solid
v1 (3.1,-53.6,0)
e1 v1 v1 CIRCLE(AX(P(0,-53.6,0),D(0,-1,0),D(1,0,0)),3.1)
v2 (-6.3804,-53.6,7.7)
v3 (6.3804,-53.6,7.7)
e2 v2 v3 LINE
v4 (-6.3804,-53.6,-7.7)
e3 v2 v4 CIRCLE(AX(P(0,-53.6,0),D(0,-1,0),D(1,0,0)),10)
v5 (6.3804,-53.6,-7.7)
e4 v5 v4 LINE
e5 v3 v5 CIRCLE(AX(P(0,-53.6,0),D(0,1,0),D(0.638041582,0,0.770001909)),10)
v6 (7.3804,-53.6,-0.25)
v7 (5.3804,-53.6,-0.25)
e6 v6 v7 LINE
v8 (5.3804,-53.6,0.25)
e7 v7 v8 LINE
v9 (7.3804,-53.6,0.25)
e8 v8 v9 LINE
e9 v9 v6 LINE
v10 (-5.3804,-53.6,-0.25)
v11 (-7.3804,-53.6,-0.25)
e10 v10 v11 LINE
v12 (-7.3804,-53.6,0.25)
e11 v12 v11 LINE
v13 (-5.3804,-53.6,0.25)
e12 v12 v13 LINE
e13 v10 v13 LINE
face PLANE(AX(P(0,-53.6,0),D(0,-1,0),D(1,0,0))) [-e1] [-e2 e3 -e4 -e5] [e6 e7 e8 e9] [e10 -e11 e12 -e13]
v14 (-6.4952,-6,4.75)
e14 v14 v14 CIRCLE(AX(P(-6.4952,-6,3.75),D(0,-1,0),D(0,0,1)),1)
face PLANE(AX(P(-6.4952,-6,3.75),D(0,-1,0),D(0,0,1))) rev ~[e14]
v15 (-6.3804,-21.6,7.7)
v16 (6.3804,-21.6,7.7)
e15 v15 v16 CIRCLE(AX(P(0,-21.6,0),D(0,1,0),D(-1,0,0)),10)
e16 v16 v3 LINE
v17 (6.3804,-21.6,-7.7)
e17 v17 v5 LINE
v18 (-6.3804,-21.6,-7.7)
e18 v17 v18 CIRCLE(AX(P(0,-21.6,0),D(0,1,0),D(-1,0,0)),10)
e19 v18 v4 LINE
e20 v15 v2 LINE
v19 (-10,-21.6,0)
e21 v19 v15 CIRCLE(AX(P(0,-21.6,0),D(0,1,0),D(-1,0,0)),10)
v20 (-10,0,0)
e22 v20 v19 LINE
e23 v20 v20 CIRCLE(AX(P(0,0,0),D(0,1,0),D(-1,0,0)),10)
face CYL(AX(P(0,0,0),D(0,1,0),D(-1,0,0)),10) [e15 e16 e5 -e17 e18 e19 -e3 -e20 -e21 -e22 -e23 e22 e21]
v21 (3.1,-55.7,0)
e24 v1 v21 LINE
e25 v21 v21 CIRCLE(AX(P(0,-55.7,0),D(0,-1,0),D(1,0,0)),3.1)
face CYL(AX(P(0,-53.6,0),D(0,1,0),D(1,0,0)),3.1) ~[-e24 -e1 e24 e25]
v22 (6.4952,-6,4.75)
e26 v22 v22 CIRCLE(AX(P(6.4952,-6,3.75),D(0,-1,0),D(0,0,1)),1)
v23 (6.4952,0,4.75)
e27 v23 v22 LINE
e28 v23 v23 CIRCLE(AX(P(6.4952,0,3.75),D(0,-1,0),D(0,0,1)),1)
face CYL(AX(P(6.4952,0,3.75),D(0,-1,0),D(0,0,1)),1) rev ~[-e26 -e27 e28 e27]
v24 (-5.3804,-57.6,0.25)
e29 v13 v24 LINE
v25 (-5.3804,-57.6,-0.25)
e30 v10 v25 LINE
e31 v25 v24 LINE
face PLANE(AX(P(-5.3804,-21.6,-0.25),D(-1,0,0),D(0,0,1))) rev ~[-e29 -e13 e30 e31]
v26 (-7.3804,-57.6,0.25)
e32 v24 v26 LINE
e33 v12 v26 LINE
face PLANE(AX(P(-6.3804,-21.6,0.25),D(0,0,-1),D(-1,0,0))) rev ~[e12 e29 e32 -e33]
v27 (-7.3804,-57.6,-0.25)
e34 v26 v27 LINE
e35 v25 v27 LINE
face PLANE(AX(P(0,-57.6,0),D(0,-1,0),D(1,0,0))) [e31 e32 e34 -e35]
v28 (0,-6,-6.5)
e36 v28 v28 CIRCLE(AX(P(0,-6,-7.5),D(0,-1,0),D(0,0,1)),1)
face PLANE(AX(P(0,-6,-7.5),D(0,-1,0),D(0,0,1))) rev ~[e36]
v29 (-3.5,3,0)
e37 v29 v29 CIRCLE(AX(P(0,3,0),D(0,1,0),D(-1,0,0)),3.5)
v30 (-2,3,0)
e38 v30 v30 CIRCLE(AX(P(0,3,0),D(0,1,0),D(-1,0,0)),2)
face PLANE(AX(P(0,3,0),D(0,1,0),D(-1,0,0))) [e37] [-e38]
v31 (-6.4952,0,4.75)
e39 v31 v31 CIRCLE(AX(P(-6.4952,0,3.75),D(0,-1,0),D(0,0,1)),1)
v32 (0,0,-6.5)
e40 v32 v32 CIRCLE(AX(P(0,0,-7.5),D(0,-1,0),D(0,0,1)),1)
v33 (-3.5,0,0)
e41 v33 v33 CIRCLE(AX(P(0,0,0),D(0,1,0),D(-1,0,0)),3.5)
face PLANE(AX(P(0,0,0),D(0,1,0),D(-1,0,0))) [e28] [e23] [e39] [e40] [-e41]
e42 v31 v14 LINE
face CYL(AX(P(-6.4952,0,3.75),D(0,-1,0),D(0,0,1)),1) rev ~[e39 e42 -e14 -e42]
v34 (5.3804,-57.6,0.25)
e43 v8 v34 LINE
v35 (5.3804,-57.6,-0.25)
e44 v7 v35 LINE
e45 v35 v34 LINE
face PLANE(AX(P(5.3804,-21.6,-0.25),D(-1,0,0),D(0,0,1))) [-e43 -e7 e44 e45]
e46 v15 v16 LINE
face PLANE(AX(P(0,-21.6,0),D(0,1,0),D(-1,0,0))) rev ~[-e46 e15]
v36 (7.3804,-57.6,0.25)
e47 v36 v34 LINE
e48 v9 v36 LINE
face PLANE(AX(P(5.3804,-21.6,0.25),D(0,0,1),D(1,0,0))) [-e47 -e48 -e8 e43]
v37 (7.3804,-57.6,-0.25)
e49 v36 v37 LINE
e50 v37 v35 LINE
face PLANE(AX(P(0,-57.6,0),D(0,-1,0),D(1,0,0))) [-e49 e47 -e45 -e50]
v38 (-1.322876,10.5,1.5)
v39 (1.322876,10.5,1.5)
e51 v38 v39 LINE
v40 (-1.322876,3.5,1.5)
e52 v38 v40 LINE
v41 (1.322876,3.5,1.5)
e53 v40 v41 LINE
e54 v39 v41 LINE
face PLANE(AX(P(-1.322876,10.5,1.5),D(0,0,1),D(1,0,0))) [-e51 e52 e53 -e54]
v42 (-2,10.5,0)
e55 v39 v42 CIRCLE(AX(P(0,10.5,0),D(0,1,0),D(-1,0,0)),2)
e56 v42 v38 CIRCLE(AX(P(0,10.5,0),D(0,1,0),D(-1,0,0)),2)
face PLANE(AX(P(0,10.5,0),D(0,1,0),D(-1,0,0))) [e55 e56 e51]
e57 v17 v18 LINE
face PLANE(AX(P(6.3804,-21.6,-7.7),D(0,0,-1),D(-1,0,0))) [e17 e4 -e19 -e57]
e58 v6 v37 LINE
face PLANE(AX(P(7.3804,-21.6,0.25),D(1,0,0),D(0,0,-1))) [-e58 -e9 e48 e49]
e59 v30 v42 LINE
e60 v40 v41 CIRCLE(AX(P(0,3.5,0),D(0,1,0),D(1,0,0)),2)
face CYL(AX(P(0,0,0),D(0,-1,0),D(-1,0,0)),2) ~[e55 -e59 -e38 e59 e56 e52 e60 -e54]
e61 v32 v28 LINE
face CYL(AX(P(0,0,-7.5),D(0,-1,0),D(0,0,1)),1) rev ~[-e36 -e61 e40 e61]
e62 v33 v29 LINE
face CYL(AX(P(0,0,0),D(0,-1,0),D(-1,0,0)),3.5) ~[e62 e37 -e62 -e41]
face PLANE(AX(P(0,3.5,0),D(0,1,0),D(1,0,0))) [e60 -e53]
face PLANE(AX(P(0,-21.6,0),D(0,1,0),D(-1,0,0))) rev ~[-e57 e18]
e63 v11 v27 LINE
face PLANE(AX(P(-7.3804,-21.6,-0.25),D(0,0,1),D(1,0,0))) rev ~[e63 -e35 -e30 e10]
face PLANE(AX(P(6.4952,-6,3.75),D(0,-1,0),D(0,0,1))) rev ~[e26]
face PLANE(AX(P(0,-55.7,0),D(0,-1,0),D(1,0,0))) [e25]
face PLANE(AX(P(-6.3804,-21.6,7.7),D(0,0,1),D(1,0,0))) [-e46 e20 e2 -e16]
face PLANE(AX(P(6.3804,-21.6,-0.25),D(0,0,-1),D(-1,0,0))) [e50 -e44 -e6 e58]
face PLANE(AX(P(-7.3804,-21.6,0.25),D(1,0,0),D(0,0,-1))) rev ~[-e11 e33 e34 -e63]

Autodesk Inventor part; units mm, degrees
ref_plane "YZ Plane" through (0, 0, 0) normal (1, 0, 0) x (0, 1, 0)
ref_plane "XZ Plane" through (0, 0, 0) normal (0, 1, 0) x (-1, 0, 0)
ref_plane "XY Plane" through (0, 0, 0) normal (0, 0, 1) x (1, 0, 0)
sketch "Эскиз1" plane through (0, 0, 0) normal (0, 1, 0) x (-1, 0, 0)
  circle A0 centre (0, 0) radius 10
  circle A1 centre (0, 0) radius 3.5
  circle A2 centre (0, 0) radius 2
  dimension "d0" = 20
  dimension "d1" = 7
  dimension "d2" = 4
extrude "Выдавливание1" add sketch "Эскиз1" against normal blind 21.6 contours A0 | A1 | A2
extrude "Выдавливание2" add sketch "Эскиз1" along normal blind 3 contours A1
extrude "Выдавливание3" add sketch "Эскиз1" along normal blind 10.5 contours A2
sketch "Эскиз2" plane through (0, 10.5, 0) normal (0, 1, 0) x (1, 0, 0)
  circle A0 centre (0, 0) radius 2 projected
  circle A1 centre (0, 0) radius 2 projected
  circle A2 centre (0, 0) radius 3.5 projected
  line L0 (-3.1623, -1.5) -> (3.1623, -1.5)
  point P0 (0, 2)
  point P1 (0, 3.5)
  point P2 (1.3229, -1.5)
  point P3 (-1.3229, -1.5)
  dimension "d9" = 1.5
extrude "Выдавливание4" cut sketch "Эскиз2" against normal blind 7 contours L0 A0 picked at (0.3089, -1.5908)
sketch "Эскиз3" plane through (0, -21.6, 0) normal (0, -1, 0) x (1, 0, 0)
  line L0 (6.3804, -7.7) -> (-6.3804, -7.7)
  line L1 (-6.3804, -7.7) -> (-6.3804, 7.7)
  line L2 (-6.3804, 7.7) -> (6.3804, 7.7)
  line L3 (6.3804, 7.7) -> (6.3804, -7.7)
  circle A0 centre (0, 0) radius 10 projected
  arc A1 (6.3804, -7.7) -> (6.3804, 7.7) centre (0, 0) ccw
  arc A2 (-6.3804, 7.7) -> (-6.3804, -7.7) centre (0, 0) ccw
  line L4 (5.3804, 0.25) -> (7.3804, 0.25)
  line L5 (7.3804, 0.25) -> (7.3804, -0.25)
  line L6 (7.3804, -0.25) -> (5.3804, -0.25)
  line L7 (5.3804, -0.25) -> (5.3804, 0.25)
  line L8 (5.3804, 0.25) -> (7.3804, -0.25) construction
  line L9 (0, -7.7) -> (0, 7.7) construction
  line L10 (-5.3804, 0.25) -> (-7.3804, 0.25)
  line L11 (-7.3804, 0.25) -> (-7.3804, -0.25)
  line L12 (-7.3804, -0.25) -> (-5.3804, -0.25)
  line L13 (-5.3804, -0.25) -> (-5.3804, 0.25)
  point P0 (6.3804, 0)
  point P1 (-6.3804, -7.7)
  dimension "d12" = 15.4
  dimension "d13" = 2
  dimension "d14" = 0.5
extrude "Выдавливание5" add sketch "Эскиз3" along normal blind 36 contours L6 L7 L4 L3 | L3 L4 L5 L6 | L12 L11 L10 L1 | L1 L10 L13 L12
extrude "Выдавливание6" add sketch "Эскиз3" along normal blind 32 contours L0 L1 L12 L13 L10 L2 L3 L4 L7 L6 | L3 L6 L5 L4 A0 | A0 L1 L10 L11 L12
sketch "Эскиз4" plane through (0, -53.6, 0) normal (0, -1, 0) x (1, 0, 0)
  circle A0 centre (0, 0) radius 2 projected
  circle A1 centre (0, 0) radius 3.1
  dimension "d19" = 6.2
extrude "Выдавливание7" add sketch "Эскиз4" along normal blind 2.1 contours A0 | A1
sketch "Эскиз5" plane through (0, 0, 0) normal (0, 1, 0) x (1, 0, 0)
  circle A0 centre (0, 0) radius 3.5 projected
  line L0 (0, 0) -> (0, 7.5) construction
  circle A1 centre (0, 7.5) radius 1 construction
  circle A2 centre (-6.4952, -3.75) radius 1 construction
  circle A3 centre (6.4952, -3.75) radius 1 construction
  dimension "d39" = 2
  dimension "d40" = 7.5
  dimension "d43" = 360
hole "Отверстие3" at (0, 0, -7.5) at (6.4952, 0, 3.75) at (-6.4952, 0, 3.75) direction (0, -1, 0) diameter 2 depth 6
properties part number "motor20" material "Сталь"
